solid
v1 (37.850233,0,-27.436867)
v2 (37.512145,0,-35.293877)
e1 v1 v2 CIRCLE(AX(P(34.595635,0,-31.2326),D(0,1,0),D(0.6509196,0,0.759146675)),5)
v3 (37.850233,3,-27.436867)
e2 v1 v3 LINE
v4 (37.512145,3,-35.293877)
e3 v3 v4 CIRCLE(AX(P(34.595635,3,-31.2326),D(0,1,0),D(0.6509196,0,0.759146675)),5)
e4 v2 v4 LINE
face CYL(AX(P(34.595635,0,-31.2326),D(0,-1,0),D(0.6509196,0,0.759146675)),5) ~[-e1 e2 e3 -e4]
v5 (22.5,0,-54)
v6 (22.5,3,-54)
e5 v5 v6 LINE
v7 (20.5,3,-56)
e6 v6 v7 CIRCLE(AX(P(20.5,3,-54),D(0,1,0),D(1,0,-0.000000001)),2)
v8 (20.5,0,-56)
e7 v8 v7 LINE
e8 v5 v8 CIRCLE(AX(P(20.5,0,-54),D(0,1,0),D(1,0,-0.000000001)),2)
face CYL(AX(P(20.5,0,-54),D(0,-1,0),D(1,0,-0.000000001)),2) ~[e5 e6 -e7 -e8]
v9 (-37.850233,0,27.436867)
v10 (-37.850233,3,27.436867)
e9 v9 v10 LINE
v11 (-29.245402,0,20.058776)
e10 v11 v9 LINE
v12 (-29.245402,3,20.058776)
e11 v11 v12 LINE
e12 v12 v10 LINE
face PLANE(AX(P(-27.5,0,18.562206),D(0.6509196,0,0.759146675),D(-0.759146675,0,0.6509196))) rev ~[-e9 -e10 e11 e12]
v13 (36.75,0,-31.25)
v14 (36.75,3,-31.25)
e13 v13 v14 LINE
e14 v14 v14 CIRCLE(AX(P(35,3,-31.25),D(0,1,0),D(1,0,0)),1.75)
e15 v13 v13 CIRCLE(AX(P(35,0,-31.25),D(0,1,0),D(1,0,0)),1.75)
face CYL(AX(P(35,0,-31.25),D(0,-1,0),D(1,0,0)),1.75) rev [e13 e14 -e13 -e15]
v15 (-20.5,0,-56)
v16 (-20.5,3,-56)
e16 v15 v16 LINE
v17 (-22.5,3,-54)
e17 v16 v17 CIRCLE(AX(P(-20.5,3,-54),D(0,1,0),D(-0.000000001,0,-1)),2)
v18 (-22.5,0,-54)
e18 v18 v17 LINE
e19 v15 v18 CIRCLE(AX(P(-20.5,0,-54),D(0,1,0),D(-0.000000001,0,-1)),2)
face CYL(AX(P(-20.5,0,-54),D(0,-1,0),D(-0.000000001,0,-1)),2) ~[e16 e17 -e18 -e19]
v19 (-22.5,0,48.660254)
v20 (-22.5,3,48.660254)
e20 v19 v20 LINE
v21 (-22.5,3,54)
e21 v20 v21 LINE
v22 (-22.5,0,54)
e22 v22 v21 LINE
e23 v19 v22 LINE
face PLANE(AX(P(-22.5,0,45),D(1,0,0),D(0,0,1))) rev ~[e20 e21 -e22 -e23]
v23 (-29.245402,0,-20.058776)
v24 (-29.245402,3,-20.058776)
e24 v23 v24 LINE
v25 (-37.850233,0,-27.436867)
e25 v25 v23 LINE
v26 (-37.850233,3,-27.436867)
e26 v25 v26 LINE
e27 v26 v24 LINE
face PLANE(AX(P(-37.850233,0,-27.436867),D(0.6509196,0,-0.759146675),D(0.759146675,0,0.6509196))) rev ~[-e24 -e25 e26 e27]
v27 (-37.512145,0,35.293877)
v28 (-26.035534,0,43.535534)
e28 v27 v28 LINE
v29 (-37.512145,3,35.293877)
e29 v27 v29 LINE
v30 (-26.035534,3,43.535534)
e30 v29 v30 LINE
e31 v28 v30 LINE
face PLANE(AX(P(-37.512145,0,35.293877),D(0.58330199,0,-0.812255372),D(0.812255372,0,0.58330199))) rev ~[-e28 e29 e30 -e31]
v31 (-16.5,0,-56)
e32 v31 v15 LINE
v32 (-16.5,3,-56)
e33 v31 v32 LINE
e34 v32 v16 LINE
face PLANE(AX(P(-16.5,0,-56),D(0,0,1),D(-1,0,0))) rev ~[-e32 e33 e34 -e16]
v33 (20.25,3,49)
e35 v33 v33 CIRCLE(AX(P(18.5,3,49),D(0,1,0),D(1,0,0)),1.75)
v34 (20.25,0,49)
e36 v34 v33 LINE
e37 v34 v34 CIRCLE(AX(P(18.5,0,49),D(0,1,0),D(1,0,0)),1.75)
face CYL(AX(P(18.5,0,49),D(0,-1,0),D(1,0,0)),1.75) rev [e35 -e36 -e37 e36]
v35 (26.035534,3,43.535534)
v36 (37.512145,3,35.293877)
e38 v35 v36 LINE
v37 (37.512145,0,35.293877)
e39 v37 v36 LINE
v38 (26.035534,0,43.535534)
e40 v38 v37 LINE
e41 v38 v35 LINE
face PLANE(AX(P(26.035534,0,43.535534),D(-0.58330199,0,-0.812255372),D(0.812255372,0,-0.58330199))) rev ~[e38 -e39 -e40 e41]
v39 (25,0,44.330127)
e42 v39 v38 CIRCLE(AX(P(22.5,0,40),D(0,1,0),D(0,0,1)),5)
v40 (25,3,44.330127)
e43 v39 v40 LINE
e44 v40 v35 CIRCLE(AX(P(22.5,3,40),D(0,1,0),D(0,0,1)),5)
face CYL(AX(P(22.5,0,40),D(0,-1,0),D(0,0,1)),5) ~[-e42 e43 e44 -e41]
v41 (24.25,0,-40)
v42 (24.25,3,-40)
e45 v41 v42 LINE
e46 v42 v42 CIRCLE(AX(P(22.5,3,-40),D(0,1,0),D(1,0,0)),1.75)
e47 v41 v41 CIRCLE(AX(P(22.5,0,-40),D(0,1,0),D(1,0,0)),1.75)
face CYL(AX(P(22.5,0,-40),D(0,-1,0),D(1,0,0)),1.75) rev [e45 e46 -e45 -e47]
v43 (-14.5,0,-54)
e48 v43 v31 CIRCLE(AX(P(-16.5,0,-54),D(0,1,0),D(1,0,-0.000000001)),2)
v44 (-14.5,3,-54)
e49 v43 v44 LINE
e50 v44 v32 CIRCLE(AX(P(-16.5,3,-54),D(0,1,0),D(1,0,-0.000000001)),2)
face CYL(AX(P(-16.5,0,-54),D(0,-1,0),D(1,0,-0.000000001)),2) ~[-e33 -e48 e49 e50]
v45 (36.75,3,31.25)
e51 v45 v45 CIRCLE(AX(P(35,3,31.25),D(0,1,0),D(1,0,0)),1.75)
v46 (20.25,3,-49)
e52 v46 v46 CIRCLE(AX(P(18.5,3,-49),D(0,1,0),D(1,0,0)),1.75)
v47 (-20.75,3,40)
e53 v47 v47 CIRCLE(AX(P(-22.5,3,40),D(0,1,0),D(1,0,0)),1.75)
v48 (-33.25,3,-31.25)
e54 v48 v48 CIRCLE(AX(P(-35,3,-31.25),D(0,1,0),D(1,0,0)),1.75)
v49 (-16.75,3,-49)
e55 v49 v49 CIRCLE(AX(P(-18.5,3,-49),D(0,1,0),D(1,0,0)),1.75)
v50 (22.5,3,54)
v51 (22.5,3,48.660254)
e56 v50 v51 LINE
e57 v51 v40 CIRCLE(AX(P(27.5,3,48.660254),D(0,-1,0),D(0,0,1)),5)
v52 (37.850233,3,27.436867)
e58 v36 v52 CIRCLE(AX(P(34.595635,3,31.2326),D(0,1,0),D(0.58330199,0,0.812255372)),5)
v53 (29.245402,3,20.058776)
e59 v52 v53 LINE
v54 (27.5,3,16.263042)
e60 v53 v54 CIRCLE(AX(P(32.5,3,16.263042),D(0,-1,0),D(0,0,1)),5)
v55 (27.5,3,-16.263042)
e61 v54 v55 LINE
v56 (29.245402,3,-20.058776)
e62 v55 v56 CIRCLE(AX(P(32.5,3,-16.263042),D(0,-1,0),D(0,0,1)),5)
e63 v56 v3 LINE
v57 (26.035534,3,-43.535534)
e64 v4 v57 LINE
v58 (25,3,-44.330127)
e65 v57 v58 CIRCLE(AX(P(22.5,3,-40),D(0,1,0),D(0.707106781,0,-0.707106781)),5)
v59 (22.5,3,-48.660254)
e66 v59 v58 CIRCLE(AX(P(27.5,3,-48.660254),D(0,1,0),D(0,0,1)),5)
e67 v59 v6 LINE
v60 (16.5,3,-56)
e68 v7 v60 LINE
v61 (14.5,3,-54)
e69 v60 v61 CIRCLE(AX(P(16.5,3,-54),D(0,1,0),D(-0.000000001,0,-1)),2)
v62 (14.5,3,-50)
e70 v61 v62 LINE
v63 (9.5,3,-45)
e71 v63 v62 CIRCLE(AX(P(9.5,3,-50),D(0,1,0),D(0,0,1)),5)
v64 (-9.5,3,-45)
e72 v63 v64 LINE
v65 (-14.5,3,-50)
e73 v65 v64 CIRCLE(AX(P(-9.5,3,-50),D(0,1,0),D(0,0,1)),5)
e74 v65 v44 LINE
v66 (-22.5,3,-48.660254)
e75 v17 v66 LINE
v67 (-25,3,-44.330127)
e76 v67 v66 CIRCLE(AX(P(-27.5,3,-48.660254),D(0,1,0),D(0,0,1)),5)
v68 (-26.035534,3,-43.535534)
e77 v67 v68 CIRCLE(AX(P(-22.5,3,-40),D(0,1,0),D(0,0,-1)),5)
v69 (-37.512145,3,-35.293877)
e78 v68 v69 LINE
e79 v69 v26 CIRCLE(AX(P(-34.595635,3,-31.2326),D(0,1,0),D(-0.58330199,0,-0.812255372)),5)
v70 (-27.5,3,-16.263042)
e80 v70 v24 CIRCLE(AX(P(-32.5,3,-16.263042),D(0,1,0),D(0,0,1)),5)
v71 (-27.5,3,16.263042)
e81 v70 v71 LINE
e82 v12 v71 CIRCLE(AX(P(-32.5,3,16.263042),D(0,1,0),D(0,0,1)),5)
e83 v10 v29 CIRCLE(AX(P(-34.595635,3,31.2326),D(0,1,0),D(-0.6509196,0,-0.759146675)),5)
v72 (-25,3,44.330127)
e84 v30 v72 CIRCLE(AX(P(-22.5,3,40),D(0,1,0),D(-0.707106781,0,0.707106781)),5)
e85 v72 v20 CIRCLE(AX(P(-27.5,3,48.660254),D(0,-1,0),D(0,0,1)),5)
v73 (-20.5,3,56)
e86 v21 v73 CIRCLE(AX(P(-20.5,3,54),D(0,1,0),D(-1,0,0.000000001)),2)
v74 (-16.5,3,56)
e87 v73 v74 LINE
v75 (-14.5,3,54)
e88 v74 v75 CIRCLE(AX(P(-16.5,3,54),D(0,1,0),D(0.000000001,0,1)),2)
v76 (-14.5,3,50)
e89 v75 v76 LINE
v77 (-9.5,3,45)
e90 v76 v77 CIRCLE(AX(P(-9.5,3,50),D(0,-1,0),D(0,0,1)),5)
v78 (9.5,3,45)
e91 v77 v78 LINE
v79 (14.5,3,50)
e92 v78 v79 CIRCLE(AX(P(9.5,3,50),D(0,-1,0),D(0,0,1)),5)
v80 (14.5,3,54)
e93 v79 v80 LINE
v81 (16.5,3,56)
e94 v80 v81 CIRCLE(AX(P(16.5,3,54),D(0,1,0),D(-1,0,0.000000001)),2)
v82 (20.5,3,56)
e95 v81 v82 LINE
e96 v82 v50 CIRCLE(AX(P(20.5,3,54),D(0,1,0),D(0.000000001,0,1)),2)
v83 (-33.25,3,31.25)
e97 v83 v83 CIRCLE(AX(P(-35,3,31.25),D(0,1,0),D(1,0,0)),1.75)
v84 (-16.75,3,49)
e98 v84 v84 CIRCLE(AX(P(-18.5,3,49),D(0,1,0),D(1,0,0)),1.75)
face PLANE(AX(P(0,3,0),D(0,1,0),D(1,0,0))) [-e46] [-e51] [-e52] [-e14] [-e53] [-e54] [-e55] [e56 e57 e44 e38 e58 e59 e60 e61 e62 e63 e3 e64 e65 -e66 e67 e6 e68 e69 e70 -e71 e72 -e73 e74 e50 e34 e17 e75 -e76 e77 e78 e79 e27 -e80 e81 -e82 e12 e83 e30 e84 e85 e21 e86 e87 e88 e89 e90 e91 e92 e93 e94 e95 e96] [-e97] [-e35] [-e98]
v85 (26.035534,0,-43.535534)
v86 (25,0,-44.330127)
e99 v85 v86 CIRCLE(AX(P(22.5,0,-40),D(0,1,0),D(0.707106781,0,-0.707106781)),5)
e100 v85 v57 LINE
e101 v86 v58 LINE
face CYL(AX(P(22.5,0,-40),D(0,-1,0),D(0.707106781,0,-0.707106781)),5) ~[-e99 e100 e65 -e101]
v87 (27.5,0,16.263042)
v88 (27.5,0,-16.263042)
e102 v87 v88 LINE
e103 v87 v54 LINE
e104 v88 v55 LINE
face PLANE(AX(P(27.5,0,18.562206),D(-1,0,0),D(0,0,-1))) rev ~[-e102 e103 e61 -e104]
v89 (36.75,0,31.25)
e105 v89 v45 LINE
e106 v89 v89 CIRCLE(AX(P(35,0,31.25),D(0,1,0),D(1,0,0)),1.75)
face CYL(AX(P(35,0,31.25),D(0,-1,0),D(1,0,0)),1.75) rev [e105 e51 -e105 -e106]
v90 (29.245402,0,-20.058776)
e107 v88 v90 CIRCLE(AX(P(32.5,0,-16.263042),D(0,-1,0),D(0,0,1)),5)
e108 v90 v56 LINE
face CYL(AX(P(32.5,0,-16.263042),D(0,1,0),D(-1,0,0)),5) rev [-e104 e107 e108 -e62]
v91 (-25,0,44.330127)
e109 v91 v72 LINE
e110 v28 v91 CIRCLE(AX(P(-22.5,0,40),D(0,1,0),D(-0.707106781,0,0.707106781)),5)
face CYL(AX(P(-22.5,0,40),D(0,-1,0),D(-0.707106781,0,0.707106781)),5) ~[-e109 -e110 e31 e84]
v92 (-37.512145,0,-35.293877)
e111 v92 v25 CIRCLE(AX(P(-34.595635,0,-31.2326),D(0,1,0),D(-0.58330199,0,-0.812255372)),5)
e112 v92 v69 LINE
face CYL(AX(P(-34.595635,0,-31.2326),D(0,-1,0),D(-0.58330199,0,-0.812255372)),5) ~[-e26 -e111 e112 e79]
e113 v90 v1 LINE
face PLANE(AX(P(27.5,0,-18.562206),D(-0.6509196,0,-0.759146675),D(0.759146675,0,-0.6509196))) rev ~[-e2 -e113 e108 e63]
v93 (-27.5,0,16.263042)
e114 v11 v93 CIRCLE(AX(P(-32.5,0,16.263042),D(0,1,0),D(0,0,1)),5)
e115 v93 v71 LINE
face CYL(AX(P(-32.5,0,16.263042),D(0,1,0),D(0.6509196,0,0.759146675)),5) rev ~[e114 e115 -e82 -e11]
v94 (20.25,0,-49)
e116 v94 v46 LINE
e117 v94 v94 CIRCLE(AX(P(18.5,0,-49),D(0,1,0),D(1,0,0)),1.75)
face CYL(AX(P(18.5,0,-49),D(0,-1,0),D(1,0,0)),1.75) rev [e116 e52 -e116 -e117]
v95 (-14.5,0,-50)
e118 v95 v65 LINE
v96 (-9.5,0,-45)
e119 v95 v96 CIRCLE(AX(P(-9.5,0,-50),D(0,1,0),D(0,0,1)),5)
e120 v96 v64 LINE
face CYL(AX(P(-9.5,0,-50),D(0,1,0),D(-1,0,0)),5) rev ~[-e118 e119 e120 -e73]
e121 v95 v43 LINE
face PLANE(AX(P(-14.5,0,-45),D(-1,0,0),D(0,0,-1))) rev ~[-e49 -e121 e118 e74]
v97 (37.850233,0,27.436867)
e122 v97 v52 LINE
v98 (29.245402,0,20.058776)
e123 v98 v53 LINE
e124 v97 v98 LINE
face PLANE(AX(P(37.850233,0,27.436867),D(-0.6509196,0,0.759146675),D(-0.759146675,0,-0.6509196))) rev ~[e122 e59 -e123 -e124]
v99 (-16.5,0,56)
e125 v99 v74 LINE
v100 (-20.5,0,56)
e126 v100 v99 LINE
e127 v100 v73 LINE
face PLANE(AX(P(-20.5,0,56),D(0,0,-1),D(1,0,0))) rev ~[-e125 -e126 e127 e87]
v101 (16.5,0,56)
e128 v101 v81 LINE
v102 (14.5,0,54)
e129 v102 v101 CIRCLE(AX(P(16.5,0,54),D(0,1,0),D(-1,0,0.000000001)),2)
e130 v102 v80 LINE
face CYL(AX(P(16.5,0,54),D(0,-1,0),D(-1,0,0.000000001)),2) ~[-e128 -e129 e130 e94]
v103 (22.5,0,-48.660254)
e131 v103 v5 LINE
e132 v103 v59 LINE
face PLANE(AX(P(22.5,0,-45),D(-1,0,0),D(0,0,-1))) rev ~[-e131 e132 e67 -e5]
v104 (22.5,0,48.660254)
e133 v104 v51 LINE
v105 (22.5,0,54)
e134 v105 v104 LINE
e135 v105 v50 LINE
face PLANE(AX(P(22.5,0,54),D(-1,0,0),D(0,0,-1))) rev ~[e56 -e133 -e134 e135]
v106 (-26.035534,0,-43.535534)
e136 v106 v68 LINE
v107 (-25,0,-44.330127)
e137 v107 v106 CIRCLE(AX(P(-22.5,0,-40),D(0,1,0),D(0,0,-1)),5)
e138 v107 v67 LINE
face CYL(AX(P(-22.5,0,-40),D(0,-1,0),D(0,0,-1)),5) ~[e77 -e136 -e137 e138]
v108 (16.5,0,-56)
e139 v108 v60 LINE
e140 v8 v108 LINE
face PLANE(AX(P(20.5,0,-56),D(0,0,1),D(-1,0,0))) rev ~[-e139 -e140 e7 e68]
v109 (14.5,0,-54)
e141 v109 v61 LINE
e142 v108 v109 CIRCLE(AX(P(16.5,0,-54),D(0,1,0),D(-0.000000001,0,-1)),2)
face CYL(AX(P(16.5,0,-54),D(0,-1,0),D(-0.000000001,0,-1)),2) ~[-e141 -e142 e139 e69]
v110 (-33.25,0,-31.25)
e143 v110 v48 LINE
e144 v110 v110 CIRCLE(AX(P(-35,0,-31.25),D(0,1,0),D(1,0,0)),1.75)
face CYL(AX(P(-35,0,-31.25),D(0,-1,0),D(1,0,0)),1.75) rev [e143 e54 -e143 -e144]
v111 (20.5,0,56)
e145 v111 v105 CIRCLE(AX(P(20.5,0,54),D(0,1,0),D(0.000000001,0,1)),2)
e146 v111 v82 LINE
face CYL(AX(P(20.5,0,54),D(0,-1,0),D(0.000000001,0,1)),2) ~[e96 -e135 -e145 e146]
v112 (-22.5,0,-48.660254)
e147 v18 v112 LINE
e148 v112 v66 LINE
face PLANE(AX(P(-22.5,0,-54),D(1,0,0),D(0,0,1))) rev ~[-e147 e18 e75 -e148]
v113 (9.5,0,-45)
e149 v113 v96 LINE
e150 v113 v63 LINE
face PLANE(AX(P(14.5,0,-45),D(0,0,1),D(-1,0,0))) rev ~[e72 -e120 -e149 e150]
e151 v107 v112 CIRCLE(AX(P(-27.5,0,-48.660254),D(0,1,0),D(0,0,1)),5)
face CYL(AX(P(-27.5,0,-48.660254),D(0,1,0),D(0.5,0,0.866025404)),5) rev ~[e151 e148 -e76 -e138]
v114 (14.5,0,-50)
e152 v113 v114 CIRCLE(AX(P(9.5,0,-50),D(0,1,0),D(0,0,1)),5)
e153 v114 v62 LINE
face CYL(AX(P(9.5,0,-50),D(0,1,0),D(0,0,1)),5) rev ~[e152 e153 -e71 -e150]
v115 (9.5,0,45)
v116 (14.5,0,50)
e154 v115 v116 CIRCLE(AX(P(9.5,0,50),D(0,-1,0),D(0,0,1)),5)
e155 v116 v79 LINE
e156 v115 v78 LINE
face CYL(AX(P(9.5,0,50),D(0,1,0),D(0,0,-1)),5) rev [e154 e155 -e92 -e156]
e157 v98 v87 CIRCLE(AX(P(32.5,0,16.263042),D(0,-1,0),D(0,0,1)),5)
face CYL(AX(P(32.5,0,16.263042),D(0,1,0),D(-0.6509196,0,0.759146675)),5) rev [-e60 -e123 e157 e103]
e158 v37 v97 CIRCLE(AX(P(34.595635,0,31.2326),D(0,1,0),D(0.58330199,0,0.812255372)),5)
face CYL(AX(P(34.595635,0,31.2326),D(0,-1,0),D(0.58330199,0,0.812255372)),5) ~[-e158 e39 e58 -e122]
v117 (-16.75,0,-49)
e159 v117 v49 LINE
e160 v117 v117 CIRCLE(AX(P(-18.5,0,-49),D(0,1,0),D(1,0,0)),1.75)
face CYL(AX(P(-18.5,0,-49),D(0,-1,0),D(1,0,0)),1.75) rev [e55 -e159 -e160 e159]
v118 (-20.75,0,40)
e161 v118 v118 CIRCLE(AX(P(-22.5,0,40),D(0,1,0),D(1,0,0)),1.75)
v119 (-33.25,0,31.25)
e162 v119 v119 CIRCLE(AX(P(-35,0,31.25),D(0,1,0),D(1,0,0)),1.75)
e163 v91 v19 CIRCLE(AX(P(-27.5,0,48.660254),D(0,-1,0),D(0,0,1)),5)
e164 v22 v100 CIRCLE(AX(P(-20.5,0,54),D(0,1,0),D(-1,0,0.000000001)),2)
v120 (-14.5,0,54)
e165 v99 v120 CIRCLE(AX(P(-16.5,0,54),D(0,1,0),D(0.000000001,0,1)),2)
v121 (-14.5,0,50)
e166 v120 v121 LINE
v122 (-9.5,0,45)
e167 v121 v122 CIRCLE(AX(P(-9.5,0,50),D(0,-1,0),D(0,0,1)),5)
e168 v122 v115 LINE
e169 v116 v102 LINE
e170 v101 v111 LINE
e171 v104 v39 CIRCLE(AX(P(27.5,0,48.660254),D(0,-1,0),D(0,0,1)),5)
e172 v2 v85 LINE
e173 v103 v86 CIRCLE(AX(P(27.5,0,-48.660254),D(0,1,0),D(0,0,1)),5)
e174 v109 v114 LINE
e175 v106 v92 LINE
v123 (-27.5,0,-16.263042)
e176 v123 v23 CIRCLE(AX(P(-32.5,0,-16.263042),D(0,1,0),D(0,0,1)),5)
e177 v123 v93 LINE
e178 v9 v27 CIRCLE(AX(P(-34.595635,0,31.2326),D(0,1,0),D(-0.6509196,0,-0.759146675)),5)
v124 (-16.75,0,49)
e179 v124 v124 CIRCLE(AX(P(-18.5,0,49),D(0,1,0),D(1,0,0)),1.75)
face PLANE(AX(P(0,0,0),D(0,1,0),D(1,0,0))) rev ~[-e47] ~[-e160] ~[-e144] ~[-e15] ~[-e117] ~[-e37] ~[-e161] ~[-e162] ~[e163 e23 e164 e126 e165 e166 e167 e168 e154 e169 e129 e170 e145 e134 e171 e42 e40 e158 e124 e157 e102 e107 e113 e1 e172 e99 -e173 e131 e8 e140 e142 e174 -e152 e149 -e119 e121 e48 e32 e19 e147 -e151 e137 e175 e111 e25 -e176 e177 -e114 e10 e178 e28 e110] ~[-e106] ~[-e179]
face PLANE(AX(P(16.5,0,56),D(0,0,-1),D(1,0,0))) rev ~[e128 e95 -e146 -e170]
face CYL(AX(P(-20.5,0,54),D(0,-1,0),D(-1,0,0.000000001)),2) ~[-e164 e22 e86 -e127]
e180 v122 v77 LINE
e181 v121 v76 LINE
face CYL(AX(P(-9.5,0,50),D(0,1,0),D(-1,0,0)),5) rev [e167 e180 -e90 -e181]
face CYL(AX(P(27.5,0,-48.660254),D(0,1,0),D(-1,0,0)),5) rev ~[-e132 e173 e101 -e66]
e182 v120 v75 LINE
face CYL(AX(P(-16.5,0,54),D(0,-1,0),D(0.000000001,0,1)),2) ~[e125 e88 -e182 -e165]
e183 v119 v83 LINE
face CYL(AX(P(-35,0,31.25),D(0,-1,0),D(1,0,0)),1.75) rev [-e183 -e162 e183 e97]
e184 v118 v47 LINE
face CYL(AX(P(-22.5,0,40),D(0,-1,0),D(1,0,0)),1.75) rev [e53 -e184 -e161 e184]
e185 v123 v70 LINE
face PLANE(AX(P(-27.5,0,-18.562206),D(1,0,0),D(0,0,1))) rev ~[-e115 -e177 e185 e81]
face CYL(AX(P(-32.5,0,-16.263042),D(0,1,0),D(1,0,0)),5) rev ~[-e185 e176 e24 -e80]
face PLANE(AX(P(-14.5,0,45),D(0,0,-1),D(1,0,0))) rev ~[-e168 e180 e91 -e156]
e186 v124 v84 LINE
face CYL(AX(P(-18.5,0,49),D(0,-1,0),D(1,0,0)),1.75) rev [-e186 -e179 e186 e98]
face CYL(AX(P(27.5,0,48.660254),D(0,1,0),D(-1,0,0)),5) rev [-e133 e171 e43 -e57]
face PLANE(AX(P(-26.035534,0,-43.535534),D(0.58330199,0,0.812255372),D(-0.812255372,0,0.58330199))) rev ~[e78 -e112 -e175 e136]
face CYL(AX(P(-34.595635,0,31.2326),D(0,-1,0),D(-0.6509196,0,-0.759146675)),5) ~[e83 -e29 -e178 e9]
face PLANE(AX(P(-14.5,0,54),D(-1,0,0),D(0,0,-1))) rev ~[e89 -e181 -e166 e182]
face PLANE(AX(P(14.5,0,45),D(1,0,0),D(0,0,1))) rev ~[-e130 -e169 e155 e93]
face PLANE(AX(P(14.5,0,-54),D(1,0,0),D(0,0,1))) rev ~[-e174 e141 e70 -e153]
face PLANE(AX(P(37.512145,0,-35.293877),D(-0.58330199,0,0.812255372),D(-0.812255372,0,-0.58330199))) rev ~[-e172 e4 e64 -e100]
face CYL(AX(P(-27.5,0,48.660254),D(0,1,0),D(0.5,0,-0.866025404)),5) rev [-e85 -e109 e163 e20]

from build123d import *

# Parameters (mm, degrees)
SKETCH_1_R      = 1.75
EXTRUDE_1_DEPTH = 3
FILLET_3_R      = 5


with BuildPart() as part:
    # 草图1 → 凸台-拉伸1 (new body)
    with BuildSketch(Plane(origin=(0, 0, 0), x_dir=(1, 0, 0), z_dir=(0, 1, 0))):
        with BuildLine():
            Line((-27.5, -18.562205506), (-37.85023308, -27.436866757))
            ThreePointArc((-37.85023308, -27.436866757), (-39.59101252, -31.447551796), (-37.512145027, -35.293876989))
            Line((-37.512145027, -35.293876989), (-26.035533906, -43.535533906))
            ThreePointArc((-26.035533906, -43.535533906), (-24.413417162, -44.619397663), (-22.5, -45))
            Line((-22.5, -45), (-22.5, -54))
            ThreePointArc((-22.5, -54), (-21.914213562, -55.414213562), (-20.5, -56))
            Line((-20.5, -56), (-16.5, -56))
            ThreePointArc((-16.5, -56), (-15.085786438, -55.414213562), (-14.5, -54))
            Line((-14.5, -54), (-14.5, -45))
            Line((-14.5, -45), (14.5, -45))
            Line((14.5, -45), (14.5, -54))
            ThreePointArc((14.5, -54), (15.085786438, -55.414213562), (16.5, -56))
            Line((16.5, -56), (20.5, -56))
            ThreePointArc((20.5, -56), (21.914213562, -55.414213562), (22.5, -54))
            Line((22.5, -54), (22.5, -45))
            ThreePointArc((22.5, -45), (24.413417162, -44.619397663), (26.035533906, -43.535533906))
            Line((26.035533906, -43.535533906), (37.512145027, -35.293876989))
            ThreePointArc((37.512145027, -35.293876989), (39.59101252, -31.447551796), (37.85023308, -27.436866757))
            Line((37.85023308, -27.436866757), (27.5, -18.562205506))
            Line((27.5, -18.562205506), (27.5, 18.562205506))
            Line((27.5, 18.562205506), (37.85023308, 27.436866757))
            ThreePointArc((37.85023308, 27.436866757), (39.59101252, 31.447551796), (37.512145027, 35.293876989))
            Line((37.512145027, 35.293876989), (26.035533906, 43.535533906))
            ThreePointArc((26.035533906, 43.535533906), (24.413417162, 44.619397663), (22.5, 45))
            Line((22.5, 45), (22.5, 54))
            ThreePointArc((22.5, 54), (21.914213562, 55.414213562), (20.5, 56))
            Line((20.5, 56), (16.5, 56))
            ThreePointArc((16.5, 56), (15.085786438, 55.414213562), (14.5, 54))
            Line((14.5, 54), (14.5, 45))
            Line((14.5, 45), (-14.5, 45))
            Line((-14.5, 45), (-14.5, 54))
            ThreePointArc((-14.5, 54), (-15.085786438, 55.414213562), (-16.5, 56))
            Line((-16.5, 56), (-20.5, 56))
            ThreePointArc((-20.5, 56), (-21.914213562, 55.414213562), (-22.5, 54))
            Line((-22.5, 54), (-22.5, 45))
            ThreePointArc((-22.5, 45), (-24.413417162, 44.619397663), (-26.035533906, 43.535533906))
            Line((-26.035533906, 43.535533906), (-37.512145027, 35.293876989))
            ThreePointArc((-37.512145027, 35.293876989), (-39.59101252, 31.447551796), (-37.85023308, 27.436866757))
            Line((-37.85023308, 27.436866757), (-27.5, 18.562205506))
            Line((-27.5, 18.562205506), (-27.5, -18.562205506))
        make_face()
        with Locations((-22.5, -40)):
            Circle(SKETCH_1_R, mode=Mode.SUBTRACT)
        with Locations((22.5, 40)):
            Circle(SKETCH_1_R, mode=Mode.SUBTRACT)
        with Locations((-35, -31.25)):
            Circle(SKETCH_1_R, mode=Mode.SUBTRACT)
        with Locations((-18.5, -49)):
            Circle(SKETCH_1_R, mode=Mode.SUBTRACT)
        with Locations((18.5, -49)):
            Circle(SKETCH_1_R, mode=Mode.SUBTRACT)
        with Locations((-35, 31.25)):
            Circle(SKETCH_1_R, mode=Mode.SUBTRACT)
        with Locations((35, -31.25)):
            Circle(SKETCH_1_R, mode=Mode.SUBTRACT)
        with Locations((-18.5, 49)):
            Circle(SKETCH_1_R, mode=Mode.SUBTRACT)
        with Locations((35, 31.25)):
            Circle(SKETCH_1_R, mode=Mode.SUBTRACT)
        with Locations((18.5, 49)):
            Circle(SKETCH_1_R, mode=Mode.SUBTRACT)
    extrude(amount=EXTRUDE_1_DEPTH)

    # 圆角3
    fillet_3_edges = [part.edges().sort_by_distance(p)[0] for p in [
        (-22.5, 1.5, -45),
        (-14.5, 1.5, -45),
        (14.5, 1.5, -45),
        (22.5, 1.5, -45),
        (27.5, 1.5, -18.562205506),
        (27.5, 1.5, 18.562205506),
        (22.5, 1.5, 45),
        (14.5, 1.5, 45),
        (-14.5, 1.5, 45),
        (-22.5, 1.5, 45),
        (-27.5, 1.5, 18.562205506),
        (-27.5, 1.5, -18.562205506),
    ]]
    fillet(fillet_3_edges, radius=FILLET_3_R)


solid = part.part
